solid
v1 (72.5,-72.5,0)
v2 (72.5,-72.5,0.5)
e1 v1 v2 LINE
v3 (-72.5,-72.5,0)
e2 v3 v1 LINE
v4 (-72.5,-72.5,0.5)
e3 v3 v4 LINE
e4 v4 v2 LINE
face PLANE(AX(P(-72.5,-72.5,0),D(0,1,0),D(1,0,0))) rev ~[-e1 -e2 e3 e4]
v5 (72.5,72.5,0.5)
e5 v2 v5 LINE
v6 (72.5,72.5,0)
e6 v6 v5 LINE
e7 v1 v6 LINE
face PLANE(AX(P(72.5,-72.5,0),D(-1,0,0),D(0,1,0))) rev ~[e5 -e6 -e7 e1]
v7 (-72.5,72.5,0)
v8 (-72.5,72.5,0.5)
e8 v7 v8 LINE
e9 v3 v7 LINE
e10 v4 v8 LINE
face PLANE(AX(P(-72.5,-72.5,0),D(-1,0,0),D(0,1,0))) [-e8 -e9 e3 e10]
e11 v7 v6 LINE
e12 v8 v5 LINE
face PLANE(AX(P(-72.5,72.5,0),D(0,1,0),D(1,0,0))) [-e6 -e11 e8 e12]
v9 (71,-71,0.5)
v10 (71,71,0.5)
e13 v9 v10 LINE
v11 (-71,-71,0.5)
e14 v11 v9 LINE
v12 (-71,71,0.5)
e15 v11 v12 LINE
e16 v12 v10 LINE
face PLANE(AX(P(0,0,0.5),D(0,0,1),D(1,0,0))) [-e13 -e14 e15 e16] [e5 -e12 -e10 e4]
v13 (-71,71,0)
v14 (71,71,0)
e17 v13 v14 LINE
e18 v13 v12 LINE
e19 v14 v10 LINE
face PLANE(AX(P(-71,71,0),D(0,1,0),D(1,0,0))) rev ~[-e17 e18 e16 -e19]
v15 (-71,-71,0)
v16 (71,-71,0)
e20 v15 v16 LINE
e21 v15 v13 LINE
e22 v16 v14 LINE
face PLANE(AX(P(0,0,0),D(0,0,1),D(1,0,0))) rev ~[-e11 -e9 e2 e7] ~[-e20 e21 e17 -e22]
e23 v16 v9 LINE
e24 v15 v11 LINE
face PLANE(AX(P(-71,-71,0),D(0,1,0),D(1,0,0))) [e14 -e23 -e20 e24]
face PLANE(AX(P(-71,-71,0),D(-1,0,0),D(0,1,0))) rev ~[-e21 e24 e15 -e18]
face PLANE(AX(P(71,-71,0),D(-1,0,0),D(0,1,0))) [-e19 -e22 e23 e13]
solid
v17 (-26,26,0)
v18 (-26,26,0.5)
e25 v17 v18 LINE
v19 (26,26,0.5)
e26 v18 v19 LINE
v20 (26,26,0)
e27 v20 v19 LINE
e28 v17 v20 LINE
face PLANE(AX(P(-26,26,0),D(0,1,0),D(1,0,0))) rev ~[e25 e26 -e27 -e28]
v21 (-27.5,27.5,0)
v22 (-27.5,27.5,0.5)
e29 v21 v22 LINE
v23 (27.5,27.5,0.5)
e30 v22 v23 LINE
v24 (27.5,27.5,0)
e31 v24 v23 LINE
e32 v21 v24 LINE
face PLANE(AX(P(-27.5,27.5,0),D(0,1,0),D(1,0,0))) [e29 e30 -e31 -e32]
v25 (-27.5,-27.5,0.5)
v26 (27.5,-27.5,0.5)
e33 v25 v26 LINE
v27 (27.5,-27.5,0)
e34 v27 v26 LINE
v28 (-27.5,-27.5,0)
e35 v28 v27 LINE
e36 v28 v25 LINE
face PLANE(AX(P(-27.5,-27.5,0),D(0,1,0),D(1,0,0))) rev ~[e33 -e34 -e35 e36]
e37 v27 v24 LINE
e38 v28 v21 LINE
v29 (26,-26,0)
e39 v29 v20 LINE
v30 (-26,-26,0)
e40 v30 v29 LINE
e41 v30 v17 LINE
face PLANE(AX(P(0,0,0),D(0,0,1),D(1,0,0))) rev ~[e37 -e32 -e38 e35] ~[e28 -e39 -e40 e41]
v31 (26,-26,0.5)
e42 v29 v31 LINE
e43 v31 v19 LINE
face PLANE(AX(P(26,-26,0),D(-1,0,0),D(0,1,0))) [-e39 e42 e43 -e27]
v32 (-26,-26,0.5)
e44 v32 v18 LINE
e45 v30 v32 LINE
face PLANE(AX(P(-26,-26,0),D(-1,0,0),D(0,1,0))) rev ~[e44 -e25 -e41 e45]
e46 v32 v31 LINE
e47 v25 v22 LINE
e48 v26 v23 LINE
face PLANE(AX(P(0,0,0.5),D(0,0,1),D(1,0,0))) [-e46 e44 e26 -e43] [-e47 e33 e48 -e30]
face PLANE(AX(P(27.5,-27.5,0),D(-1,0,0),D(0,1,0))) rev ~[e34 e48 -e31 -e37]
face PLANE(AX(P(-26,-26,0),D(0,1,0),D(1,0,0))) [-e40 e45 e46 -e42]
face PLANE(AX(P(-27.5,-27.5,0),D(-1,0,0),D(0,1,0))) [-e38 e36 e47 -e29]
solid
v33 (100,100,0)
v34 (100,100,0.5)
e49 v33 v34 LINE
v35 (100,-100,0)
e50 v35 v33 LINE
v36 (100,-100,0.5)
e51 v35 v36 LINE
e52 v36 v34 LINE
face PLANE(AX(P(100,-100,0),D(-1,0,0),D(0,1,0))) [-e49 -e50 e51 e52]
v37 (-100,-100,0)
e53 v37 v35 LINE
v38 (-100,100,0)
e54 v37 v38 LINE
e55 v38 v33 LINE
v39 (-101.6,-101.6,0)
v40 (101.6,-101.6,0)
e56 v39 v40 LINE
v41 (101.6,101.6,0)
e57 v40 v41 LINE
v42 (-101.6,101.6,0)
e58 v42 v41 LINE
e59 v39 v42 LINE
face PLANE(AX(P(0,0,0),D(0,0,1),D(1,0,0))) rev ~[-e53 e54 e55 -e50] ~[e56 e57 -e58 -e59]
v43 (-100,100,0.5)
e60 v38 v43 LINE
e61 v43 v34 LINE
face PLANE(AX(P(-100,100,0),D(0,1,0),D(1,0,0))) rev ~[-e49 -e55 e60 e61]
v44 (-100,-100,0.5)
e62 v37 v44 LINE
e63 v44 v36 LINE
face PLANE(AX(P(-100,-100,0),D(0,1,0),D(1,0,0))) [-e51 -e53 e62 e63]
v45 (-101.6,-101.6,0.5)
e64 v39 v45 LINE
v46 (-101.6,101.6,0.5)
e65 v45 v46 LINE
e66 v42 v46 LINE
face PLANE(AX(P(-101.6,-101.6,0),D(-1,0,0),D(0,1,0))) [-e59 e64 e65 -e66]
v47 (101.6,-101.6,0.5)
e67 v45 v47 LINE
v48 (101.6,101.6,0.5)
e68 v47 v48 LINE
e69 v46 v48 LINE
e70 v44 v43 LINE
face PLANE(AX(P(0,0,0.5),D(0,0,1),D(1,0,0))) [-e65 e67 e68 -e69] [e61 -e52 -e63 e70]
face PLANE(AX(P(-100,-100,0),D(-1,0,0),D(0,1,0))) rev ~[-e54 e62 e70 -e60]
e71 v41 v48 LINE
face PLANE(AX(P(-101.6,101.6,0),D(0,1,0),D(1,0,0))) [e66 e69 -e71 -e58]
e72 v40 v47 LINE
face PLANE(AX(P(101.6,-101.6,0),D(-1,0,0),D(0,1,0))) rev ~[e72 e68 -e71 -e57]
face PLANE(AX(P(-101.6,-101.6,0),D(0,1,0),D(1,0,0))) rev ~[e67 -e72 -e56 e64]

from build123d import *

# Parameters (mm, degrees)
F0_W     = 203.2
F0_H     = 203.2
F0_W_2   = 200
F0_H_2   = 200
F1_DEPTH = 0.5
F0_W_3   = 55
F0_H_3   = 55
F0_W_4   = 52
F0_H_4   = 52
F0_W_5   = 145
F0_H_5   = 145
F0_W_6   = 142
F0_H_6   = 142


with BuildPart() as f1:
    # F0 (on Top) → F1 (new body)
    with BuildSketch(Plane.XY):
        Rectangle(F0_W, F0_H)
        Rectangle(F0_W_2, F0_H_2, mode=Mode.SUBTRACT)
    extrude(amount=F1_DEPTH)


with BuildPart() as f1b:
    # F0 (on Top) → F1, piece 2 (new body)
    with BuildSketch(Plane.XY):
        Rectangle(F0_W_3, F0_H_3)
        Rectangle(F0_W_4, F0_H_4, mode=Mode.SUBTRACT)
    extrude(amount=F1_DEPTH)


with BuildPart() as f1c:
    # F0 (on Top) → F1, piece 3 (new body)
    with BuildSketch(Plane.XY):
        Rectangle(F0_W_5, F0_H_5)
        Rectangle(F0_W_6, F0_H_6, mode=Mode.SUBTRACT)
    extrude(amount=F1_DEPTH)


solid = Compound([f1.part, f1b.part, f1c.part])
